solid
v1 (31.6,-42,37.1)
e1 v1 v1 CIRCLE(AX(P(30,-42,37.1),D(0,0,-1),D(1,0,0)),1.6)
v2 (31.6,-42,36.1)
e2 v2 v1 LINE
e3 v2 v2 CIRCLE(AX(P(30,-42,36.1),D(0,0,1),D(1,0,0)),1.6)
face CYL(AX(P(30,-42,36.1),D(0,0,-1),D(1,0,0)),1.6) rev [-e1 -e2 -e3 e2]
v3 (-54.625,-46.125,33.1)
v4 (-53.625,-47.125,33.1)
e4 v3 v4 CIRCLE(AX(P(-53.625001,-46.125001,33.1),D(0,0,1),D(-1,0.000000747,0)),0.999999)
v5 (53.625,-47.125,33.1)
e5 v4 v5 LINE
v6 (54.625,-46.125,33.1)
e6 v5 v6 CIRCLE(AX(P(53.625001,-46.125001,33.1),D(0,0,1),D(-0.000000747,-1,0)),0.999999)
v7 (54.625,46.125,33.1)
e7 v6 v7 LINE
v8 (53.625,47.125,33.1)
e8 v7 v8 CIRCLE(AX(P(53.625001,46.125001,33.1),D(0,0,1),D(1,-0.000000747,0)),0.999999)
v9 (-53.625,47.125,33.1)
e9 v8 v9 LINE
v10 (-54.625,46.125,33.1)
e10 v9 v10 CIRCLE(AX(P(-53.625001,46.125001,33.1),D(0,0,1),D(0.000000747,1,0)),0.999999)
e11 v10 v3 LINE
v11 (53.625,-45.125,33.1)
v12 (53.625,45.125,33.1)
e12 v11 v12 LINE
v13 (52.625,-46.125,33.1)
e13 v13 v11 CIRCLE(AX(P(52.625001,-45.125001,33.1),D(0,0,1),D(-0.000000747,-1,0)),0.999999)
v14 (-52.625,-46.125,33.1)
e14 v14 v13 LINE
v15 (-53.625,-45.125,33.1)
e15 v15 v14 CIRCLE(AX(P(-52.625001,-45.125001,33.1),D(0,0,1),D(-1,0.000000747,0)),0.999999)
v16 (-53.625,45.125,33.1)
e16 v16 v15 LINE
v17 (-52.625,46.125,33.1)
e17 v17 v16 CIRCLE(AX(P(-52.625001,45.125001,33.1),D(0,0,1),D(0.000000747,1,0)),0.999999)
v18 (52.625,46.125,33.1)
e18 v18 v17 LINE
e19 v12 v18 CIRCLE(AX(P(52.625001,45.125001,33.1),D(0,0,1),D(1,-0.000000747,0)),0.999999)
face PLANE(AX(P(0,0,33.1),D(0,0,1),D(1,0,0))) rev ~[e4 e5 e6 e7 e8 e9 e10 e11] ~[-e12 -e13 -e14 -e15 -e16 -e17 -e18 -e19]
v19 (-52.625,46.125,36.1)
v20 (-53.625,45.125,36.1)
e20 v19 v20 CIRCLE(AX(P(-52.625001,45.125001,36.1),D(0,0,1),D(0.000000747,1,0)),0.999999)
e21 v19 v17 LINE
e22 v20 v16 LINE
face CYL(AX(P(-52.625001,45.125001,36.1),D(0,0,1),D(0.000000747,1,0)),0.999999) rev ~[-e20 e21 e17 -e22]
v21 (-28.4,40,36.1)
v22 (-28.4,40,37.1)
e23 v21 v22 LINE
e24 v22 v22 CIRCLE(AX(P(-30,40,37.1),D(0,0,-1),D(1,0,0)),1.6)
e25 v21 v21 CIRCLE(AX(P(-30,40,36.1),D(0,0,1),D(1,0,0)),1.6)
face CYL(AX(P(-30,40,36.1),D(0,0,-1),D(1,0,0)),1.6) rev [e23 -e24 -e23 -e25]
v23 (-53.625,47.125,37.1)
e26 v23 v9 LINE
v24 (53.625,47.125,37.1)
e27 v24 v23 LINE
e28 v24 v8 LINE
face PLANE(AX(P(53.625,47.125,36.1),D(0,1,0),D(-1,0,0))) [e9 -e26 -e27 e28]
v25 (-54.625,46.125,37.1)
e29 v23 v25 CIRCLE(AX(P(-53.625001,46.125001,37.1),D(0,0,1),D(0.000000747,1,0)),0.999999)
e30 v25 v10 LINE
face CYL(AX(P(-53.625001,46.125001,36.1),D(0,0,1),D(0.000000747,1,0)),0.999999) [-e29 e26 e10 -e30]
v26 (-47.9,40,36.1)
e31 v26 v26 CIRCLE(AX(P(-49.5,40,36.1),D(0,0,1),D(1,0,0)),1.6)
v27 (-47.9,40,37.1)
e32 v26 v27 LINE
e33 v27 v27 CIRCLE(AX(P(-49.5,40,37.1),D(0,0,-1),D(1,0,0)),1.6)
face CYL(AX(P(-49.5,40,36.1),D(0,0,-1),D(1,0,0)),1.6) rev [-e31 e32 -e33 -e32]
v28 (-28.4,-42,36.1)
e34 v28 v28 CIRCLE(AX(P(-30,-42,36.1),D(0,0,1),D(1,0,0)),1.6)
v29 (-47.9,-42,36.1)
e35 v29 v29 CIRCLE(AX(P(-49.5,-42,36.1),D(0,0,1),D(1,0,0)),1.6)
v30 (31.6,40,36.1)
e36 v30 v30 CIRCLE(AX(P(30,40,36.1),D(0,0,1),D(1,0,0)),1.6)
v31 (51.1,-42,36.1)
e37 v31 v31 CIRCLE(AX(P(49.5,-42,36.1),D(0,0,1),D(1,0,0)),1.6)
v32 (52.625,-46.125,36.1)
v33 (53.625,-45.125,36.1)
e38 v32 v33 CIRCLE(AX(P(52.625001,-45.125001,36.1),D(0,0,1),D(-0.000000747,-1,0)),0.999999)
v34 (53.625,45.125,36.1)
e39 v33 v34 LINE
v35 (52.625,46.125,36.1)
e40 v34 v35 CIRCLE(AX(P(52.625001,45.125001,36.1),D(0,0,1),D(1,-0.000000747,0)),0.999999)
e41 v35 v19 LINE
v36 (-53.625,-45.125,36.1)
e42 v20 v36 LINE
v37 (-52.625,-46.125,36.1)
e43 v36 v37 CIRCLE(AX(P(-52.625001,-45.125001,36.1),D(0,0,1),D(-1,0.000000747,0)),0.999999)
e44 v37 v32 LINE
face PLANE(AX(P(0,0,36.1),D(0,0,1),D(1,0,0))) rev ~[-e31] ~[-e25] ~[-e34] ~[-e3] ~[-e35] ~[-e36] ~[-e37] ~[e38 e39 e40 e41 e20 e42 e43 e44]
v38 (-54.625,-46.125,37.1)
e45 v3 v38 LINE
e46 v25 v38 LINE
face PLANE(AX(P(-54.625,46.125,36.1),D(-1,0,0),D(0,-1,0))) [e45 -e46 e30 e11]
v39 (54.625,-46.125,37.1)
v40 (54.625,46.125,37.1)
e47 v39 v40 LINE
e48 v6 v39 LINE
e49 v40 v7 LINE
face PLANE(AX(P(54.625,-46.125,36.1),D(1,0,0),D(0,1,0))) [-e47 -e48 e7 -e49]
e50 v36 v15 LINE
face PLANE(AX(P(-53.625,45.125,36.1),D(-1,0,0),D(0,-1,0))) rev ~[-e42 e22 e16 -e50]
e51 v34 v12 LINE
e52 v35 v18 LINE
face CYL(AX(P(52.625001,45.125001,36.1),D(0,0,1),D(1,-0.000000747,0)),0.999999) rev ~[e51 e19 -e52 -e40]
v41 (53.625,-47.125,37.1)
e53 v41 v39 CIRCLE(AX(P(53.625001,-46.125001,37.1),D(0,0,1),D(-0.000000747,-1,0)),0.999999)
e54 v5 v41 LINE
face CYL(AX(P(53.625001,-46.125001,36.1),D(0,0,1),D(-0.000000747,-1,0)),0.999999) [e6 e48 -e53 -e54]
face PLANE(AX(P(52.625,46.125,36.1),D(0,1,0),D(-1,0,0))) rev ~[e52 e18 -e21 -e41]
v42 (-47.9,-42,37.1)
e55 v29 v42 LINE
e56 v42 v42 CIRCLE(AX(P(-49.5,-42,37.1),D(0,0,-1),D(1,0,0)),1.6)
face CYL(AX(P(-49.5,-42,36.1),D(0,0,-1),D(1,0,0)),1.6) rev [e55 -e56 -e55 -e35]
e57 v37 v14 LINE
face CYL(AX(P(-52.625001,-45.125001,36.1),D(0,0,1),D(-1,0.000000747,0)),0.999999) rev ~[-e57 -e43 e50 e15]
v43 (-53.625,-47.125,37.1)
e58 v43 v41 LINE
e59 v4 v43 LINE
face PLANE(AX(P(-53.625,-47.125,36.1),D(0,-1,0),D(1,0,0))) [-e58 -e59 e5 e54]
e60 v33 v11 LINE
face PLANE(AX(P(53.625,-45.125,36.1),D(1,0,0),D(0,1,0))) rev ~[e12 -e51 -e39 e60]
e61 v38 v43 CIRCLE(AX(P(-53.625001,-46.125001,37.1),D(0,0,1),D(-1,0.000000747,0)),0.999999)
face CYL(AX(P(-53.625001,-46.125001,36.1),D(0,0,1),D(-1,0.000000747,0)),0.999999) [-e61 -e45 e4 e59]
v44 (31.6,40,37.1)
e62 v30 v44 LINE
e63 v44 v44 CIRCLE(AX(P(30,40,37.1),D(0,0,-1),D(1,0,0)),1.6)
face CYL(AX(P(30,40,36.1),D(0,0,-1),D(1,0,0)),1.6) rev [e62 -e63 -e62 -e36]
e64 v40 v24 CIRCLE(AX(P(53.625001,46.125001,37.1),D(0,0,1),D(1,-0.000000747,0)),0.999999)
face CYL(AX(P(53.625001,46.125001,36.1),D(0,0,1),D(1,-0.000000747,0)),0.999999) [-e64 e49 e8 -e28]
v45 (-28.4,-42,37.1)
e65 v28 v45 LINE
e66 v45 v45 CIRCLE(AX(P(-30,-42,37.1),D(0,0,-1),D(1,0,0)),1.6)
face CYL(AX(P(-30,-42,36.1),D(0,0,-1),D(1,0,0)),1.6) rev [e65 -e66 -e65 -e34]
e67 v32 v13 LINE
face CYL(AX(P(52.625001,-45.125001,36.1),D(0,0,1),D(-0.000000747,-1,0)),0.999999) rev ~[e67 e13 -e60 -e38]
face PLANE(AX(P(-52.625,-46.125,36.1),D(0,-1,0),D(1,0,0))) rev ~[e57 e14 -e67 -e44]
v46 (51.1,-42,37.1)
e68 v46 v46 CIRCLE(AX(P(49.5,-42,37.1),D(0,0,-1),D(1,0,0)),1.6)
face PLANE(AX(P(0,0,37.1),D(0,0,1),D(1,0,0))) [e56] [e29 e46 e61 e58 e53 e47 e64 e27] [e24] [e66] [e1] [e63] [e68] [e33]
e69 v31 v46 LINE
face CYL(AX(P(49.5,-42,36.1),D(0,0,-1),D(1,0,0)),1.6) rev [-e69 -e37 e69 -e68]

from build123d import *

# Parameters (mm, degrees)
PAD015_DEPTH    = 1
PAD016_DEPTH    = 3
SKETCH029_R     = 1.6
POCKET012_DEPTH = 5


with BuildPart() as part:
    # Sketch027 → Pad015 (new body)
    with BuildSketch(Plane.XY):
        with BuildLine():
            Line((-54.625, 46.125), (-54.625, -46.125))
            ThreePointArc((-54.625, -46.125), (-54.332107, -46.832107), (-53.625, -47.125))
            Line((-53.625, -47.125), (53.625, -47.125))
            ThreePointArc((53.625, -47.125), (54.332107, -46.832107), (54.625, -46.125))
            Line((54.625, -46.125), (54.625, 46.125))
            ThreePointArc((54.625, 46.125), (54.332107, 46.832107), (53.625, 47.125))
            Line((53.625, 47.125), (-53.625, 47.125))
            ThreePointArc((-53.625, 47.125), (-54.332107, 46.832107), (-54.625, 46.125))
        make_face()
    extrude(amount=PAD015_DEPTH)

    # Sketch028 → Pad016 (join)
    with BuildSketch(Plane.XY):
        with BuildLine():
            Line((-54.625, 46.125), (-54.625, -46.125))
            ThreePointArc((-54.625, -46.125), (-54.332107, -46.832107), (-53.625, -47.125))
            Line((-53.625, -47.125), (53.625, -47.125))
            ThreePointArc((53.625, -47.125), (54.332107, -46.832107), (54.625, -46.125))
            Line((54.625, -46.125), (54.625, 46.125))
            ThreePointArc((54.625, 46.125), (54.332107, 46.832107), (53.625, 47.125))
            Line((53.625, 47.125), (-53.625, 47.125))
            ThreePointArc((-53.625, 47.125), (-54.332107, 46.832107), (-54.625, 46.125))
        make_face()
        with BuildLine():
            Line((-53.625, 45.125), (-53.625, -45.125))
            ThreePointArc((-53.625, -45.125), (-53.332107, -45.832107), (-52.625, -46.125))
            Line((-52.625, -46.125), (52.625, -46.125))
            ThreePointArc((52.625, -46.125), (53.332107, -45.832107), (53.625, -45.125))
            Line((53.625, -45.125), (53.625, 45.125))
            ThreePointArc((53.625, 45.125), (53.332107, 45.832107), (52.625, 46.125))
            Line((52.625, 46.125), (-52.625, 46.125))
            ThreePointArc((-52.625, 46.125), (-53.332107, 45.832107), (-53.625, 45.125))
        make_face(mode=Mode.SUBTRACT)
    extrude(amount=-PAD016_DEPTH)

    # Sketch029 → Pocket012 (cut)
    with BuildSketch(Plane.XY):
        with Locations((-49.5, 40)):
            Circle(SKETCH029_R)
        with Locations((-30, 40)):
            Circle(SKETCH029_R)
        with Locations((30, 40)):
            Circle(SKETCH029_R)
        with Locations((-30, -42)):
            Circle(SKETCH029_R)
        with Locations((-49.5, -42)):
            Circle(SKETCH029_R)
        with Locations((30, -42)):
            Circle(SKETCH029_R)
        with Locations((49.5, -42)):
            Circle(SKETCH029_R)
    extrude(amount=POCKET012_DEPTH, mode=Mode.SUBTRACT)


with BuildPart() as part_1:
    # Body007 placement: moved
    add(part.part.moved(Location((0, 0, 36.1))))


solid = part_1.part
